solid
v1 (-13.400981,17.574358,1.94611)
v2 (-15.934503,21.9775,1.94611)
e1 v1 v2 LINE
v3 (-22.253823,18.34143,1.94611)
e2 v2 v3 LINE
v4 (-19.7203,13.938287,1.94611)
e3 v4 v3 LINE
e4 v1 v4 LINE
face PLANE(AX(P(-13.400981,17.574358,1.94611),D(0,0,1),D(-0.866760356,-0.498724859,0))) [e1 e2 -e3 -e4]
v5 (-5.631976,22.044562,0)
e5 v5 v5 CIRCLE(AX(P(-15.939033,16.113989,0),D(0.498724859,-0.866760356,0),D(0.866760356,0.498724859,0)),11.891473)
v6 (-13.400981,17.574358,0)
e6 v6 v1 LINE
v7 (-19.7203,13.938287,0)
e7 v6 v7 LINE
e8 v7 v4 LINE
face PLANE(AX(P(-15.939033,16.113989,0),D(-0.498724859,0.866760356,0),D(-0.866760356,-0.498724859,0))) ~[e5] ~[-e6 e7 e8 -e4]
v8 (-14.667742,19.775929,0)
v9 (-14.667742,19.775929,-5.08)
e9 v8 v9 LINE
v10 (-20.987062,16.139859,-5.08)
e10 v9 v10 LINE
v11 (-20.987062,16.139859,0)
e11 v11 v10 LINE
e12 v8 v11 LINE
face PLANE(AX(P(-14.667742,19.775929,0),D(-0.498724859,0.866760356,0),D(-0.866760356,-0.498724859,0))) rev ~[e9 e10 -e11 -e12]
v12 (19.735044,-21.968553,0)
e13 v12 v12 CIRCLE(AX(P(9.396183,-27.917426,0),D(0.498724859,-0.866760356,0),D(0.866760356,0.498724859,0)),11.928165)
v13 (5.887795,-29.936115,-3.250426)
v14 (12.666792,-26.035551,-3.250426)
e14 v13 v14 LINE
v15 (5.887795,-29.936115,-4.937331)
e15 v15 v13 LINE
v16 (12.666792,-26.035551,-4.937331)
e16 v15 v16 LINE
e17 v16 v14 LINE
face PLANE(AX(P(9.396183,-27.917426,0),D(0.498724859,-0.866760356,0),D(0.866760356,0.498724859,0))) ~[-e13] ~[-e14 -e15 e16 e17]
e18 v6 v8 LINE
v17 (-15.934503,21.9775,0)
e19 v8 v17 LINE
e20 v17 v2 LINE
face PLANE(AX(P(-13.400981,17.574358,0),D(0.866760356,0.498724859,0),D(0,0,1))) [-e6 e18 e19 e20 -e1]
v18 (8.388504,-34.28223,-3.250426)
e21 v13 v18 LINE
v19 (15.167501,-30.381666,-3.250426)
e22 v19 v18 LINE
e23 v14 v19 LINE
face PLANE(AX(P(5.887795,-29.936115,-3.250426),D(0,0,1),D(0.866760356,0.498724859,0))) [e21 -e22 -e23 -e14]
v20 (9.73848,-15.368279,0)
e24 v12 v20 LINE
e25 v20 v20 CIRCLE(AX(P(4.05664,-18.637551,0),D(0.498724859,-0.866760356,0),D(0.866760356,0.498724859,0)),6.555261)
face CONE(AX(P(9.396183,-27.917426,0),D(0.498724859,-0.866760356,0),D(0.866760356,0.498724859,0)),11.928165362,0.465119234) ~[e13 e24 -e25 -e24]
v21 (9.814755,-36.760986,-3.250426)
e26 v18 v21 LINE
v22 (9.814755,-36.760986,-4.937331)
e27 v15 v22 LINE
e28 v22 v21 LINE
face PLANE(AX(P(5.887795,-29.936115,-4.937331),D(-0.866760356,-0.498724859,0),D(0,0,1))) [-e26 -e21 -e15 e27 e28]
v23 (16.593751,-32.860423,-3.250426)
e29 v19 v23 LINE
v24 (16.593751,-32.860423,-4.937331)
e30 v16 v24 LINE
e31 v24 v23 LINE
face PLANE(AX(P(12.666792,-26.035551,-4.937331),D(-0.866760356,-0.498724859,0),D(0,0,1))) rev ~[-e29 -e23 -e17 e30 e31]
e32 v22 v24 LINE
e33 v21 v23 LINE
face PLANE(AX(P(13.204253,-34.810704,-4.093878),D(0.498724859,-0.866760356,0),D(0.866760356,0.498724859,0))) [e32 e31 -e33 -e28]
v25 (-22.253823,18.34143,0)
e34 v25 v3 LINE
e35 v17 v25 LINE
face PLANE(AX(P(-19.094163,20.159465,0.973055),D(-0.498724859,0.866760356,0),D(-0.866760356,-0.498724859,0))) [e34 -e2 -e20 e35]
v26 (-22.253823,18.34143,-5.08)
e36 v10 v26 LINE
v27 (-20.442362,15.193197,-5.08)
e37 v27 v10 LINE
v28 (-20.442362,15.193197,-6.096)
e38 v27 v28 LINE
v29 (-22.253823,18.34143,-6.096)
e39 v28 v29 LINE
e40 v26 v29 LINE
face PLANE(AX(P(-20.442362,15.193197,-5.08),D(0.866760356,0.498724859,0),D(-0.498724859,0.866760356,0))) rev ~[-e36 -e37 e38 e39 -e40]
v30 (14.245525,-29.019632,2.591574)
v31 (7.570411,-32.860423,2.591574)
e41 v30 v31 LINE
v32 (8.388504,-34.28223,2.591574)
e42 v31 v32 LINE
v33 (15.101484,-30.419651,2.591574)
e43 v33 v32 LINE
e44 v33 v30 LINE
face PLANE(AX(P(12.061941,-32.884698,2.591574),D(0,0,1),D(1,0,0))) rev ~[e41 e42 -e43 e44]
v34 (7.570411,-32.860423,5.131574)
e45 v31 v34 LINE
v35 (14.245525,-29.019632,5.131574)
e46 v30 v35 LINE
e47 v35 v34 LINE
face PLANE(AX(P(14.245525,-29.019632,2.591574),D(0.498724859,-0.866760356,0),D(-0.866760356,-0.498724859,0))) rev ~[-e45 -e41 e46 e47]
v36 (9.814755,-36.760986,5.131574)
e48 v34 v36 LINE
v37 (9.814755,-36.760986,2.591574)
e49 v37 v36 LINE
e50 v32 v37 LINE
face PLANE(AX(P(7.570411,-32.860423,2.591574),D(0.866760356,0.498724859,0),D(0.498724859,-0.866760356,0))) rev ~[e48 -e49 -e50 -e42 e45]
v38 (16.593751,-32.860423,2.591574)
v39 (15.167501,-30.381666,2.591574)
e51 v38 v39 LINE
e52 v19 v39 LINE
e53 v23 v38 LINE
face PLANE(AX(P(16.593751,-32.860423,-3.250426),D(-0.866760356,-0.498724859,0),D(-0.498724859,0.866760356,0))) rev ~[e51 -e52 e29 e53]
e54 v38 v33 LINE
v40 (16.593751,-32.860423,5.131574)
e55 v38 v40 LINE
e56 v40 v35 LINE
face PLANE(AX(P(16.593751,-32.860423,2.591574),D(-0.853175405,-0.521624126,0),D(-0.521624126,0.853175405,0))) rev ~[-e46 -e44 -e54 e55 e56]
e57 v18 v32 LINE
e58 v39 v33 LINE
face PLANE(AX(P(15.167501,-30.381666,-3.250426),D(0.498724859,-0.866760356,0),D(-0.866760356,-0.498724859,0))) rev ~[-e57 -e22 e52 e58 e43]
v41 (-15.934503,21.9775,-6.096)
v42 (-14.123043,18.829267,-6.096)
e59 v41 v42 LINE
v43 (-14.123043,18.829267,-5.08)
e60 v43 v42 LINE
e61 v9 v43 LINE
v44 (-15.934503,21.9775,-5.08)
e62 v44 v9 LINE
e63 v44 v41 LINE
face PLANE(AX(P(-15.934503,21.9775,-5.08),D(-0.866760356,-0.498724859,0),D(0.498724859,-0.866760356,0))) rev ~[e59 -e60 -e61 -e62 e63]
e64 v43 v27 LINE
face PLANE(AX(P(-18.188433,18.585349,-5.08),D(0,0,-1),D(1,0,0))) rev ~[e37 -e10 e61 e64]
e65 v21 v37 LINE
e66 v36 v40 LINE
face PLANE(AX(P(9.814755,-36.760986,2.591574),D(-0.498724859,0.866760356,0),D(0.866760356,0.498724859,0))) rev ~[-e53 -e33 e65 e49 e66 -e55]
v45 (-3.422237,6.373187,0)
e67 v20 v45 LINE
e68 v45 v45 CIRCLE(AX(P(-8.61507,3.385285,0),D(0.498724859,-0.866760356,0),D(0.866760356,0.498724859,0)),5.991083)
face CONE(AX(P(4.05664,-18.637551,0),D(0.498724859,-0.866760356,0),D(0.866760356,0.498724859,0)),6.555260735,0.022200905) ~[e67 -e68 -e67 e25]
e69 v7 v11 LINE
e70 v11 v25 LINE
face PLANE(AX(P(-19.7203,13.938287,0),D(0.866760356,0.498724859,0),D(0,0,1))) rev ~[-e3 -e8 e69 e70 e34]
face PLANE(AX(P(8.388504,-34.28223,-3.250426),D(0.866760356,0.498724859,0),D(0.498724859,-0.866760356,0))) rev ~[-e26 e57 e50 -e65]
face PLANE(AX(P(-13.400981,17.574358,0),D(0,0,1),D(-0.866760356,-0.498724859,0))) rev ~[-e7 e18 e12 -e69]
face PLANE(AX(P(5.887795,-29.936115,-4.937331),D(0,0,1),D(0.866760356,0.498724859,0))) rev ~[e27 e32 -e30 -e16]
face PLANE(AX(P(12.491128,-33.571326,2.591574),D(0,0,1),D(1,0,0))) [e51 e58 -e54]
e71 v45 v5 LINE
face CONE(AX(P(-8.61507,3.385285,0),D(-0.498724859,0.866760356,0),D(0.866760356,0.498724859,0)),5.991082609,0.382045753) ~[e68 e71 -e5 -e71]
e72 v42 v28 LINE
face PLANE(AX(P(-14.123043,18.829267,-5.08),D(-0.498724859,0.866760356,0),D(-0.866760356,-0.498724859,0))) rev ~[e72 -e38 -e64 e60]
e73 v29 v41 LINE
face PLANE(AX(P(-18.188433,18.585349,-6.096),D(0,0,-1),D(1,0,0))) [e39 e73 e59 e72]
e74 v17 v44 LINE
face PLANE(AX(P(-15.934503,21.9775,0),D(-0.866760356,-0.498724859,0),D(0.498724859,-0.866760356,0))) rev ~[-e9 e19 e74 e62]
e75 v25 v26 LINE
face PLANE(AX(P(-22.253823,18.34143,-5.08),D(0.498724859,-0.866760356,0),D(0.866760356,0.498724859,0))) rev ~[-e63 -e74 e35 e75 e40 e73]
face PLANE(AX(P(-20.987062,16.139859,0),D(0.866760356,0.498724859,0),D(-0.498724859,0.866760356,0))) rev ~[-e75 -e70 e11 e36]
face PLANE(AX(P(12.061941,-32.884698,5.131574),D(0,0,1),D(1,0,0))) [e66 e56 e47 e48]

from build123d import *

# Parameters (mm, degrees)
F2_W      = 7.8210735228
F2_H      = 1.6869045794
F3_DEPTH  = 7.874
F5_DEPTH  = 5.842
F7_DEPTH  = 2.54
F8_W      = 7.2907346766
F8_H      = 1.9461095799
F9_DEPTH  = 5.08
F11_DEPTH = 5.08
F13_DEPTH = 1.016


with BuildPart() as f1:
    # F0 (on Top) → F1 (revolve)
    with BuildSketch(Plane.XY):
        Polygon((9.738479662, -15.3682792879), (-3.4222373906, 6.3731869042), (-5.6319757583, 22.0445621817), (-15.939033498, 16.113988769), (9.3961827512, -27.9174258268), (19.7350436062, -21.9685532335), align=None)
    revolve(axis=Axis((-3.2714253734, -5.9017185289, 0), (0.4987248594, -0.8667603559, 0)))

    # F2 (on face) → F3 (join)
    with BuildSketch(Plane(origin=(14.4050829924, -25.0353569234, 0), x_dir=(0.8667603559, 0.4987248594, 0), z_dir=(0.4987248594, -0.8667603559, 0))):
        with Locations((-5.9160405071, -4.0938784368)):
            Rectangle(F2_W, F2_H)
    extrude(amount=F3_DEPTH)

    # F4 (on face) → F5 (join)
    with BuildSketch(Plane.XY.offset(-3.2504261471)):
        Polygon((15.1675006282, -30.3816657685), (8.3885041579, -34.2822295615), (9.8147549245, -36.7609863326), (16.5937513949, -32.8604225396), align=None)
    extrude(amount=F5_DEPTH)

    # F6 (on face) → F7 (join)
    with BuildSketch(Plane.XY.offset(2.5915738529)):
        Polygon((9.8147549245, -36.7609863326), (16.5937513949, -32.8604225396), (14.2455248972, -29.0196318337), (7.5704112418, -32.8604225396), align=None)
    extrude(amount=F7_DEPTH)

    # F8 (on face) → F9 (join)
    with BuildSketch(Plane(origin=(-10.9301332567, 18.9960576725, 0), x_dir=(-0.8667603559, -0.4987248594, 0), z_dir=(-0.4987248594, 0.8667603559, 0))):
        with Locations((6.4960370073, 0.9730547899)):
            Rectangle(F8_W, F8_H)
    extrude(amount=F9_DEPTH)

    # F10 (on face) → F11 (join)
    with BuildSketch(Plane(origin=(0, 0, 0), x_dir=(1, 0, 0), z_dir=(0, 0, -1))):
        Polygon((-22.2538227827, -18.3414298242), (-15.9345029994, -21.9775004507), (-14.6677418565, -19.7759291467), (-20.9870616398, -16.1398585201), align=None)
    extrude(amount=F11_DEPTH)

    # F12 (on face) → F13 (join)
    with BuildSketch(Plane(origin=(0, 0, -5.08), x_dir=(1, 0, 0), z_dir=(0, 0, -1))):
        Polygon((-22.2538227827, -18.3414298242), (-15.9345029994, -21.9775004507), (-14.1230425955, -18.8292674424), (-20.4423623788, -15.1931968158), align=None)
    extrude(amount=F13_DEPTH)


solid = f1.part
